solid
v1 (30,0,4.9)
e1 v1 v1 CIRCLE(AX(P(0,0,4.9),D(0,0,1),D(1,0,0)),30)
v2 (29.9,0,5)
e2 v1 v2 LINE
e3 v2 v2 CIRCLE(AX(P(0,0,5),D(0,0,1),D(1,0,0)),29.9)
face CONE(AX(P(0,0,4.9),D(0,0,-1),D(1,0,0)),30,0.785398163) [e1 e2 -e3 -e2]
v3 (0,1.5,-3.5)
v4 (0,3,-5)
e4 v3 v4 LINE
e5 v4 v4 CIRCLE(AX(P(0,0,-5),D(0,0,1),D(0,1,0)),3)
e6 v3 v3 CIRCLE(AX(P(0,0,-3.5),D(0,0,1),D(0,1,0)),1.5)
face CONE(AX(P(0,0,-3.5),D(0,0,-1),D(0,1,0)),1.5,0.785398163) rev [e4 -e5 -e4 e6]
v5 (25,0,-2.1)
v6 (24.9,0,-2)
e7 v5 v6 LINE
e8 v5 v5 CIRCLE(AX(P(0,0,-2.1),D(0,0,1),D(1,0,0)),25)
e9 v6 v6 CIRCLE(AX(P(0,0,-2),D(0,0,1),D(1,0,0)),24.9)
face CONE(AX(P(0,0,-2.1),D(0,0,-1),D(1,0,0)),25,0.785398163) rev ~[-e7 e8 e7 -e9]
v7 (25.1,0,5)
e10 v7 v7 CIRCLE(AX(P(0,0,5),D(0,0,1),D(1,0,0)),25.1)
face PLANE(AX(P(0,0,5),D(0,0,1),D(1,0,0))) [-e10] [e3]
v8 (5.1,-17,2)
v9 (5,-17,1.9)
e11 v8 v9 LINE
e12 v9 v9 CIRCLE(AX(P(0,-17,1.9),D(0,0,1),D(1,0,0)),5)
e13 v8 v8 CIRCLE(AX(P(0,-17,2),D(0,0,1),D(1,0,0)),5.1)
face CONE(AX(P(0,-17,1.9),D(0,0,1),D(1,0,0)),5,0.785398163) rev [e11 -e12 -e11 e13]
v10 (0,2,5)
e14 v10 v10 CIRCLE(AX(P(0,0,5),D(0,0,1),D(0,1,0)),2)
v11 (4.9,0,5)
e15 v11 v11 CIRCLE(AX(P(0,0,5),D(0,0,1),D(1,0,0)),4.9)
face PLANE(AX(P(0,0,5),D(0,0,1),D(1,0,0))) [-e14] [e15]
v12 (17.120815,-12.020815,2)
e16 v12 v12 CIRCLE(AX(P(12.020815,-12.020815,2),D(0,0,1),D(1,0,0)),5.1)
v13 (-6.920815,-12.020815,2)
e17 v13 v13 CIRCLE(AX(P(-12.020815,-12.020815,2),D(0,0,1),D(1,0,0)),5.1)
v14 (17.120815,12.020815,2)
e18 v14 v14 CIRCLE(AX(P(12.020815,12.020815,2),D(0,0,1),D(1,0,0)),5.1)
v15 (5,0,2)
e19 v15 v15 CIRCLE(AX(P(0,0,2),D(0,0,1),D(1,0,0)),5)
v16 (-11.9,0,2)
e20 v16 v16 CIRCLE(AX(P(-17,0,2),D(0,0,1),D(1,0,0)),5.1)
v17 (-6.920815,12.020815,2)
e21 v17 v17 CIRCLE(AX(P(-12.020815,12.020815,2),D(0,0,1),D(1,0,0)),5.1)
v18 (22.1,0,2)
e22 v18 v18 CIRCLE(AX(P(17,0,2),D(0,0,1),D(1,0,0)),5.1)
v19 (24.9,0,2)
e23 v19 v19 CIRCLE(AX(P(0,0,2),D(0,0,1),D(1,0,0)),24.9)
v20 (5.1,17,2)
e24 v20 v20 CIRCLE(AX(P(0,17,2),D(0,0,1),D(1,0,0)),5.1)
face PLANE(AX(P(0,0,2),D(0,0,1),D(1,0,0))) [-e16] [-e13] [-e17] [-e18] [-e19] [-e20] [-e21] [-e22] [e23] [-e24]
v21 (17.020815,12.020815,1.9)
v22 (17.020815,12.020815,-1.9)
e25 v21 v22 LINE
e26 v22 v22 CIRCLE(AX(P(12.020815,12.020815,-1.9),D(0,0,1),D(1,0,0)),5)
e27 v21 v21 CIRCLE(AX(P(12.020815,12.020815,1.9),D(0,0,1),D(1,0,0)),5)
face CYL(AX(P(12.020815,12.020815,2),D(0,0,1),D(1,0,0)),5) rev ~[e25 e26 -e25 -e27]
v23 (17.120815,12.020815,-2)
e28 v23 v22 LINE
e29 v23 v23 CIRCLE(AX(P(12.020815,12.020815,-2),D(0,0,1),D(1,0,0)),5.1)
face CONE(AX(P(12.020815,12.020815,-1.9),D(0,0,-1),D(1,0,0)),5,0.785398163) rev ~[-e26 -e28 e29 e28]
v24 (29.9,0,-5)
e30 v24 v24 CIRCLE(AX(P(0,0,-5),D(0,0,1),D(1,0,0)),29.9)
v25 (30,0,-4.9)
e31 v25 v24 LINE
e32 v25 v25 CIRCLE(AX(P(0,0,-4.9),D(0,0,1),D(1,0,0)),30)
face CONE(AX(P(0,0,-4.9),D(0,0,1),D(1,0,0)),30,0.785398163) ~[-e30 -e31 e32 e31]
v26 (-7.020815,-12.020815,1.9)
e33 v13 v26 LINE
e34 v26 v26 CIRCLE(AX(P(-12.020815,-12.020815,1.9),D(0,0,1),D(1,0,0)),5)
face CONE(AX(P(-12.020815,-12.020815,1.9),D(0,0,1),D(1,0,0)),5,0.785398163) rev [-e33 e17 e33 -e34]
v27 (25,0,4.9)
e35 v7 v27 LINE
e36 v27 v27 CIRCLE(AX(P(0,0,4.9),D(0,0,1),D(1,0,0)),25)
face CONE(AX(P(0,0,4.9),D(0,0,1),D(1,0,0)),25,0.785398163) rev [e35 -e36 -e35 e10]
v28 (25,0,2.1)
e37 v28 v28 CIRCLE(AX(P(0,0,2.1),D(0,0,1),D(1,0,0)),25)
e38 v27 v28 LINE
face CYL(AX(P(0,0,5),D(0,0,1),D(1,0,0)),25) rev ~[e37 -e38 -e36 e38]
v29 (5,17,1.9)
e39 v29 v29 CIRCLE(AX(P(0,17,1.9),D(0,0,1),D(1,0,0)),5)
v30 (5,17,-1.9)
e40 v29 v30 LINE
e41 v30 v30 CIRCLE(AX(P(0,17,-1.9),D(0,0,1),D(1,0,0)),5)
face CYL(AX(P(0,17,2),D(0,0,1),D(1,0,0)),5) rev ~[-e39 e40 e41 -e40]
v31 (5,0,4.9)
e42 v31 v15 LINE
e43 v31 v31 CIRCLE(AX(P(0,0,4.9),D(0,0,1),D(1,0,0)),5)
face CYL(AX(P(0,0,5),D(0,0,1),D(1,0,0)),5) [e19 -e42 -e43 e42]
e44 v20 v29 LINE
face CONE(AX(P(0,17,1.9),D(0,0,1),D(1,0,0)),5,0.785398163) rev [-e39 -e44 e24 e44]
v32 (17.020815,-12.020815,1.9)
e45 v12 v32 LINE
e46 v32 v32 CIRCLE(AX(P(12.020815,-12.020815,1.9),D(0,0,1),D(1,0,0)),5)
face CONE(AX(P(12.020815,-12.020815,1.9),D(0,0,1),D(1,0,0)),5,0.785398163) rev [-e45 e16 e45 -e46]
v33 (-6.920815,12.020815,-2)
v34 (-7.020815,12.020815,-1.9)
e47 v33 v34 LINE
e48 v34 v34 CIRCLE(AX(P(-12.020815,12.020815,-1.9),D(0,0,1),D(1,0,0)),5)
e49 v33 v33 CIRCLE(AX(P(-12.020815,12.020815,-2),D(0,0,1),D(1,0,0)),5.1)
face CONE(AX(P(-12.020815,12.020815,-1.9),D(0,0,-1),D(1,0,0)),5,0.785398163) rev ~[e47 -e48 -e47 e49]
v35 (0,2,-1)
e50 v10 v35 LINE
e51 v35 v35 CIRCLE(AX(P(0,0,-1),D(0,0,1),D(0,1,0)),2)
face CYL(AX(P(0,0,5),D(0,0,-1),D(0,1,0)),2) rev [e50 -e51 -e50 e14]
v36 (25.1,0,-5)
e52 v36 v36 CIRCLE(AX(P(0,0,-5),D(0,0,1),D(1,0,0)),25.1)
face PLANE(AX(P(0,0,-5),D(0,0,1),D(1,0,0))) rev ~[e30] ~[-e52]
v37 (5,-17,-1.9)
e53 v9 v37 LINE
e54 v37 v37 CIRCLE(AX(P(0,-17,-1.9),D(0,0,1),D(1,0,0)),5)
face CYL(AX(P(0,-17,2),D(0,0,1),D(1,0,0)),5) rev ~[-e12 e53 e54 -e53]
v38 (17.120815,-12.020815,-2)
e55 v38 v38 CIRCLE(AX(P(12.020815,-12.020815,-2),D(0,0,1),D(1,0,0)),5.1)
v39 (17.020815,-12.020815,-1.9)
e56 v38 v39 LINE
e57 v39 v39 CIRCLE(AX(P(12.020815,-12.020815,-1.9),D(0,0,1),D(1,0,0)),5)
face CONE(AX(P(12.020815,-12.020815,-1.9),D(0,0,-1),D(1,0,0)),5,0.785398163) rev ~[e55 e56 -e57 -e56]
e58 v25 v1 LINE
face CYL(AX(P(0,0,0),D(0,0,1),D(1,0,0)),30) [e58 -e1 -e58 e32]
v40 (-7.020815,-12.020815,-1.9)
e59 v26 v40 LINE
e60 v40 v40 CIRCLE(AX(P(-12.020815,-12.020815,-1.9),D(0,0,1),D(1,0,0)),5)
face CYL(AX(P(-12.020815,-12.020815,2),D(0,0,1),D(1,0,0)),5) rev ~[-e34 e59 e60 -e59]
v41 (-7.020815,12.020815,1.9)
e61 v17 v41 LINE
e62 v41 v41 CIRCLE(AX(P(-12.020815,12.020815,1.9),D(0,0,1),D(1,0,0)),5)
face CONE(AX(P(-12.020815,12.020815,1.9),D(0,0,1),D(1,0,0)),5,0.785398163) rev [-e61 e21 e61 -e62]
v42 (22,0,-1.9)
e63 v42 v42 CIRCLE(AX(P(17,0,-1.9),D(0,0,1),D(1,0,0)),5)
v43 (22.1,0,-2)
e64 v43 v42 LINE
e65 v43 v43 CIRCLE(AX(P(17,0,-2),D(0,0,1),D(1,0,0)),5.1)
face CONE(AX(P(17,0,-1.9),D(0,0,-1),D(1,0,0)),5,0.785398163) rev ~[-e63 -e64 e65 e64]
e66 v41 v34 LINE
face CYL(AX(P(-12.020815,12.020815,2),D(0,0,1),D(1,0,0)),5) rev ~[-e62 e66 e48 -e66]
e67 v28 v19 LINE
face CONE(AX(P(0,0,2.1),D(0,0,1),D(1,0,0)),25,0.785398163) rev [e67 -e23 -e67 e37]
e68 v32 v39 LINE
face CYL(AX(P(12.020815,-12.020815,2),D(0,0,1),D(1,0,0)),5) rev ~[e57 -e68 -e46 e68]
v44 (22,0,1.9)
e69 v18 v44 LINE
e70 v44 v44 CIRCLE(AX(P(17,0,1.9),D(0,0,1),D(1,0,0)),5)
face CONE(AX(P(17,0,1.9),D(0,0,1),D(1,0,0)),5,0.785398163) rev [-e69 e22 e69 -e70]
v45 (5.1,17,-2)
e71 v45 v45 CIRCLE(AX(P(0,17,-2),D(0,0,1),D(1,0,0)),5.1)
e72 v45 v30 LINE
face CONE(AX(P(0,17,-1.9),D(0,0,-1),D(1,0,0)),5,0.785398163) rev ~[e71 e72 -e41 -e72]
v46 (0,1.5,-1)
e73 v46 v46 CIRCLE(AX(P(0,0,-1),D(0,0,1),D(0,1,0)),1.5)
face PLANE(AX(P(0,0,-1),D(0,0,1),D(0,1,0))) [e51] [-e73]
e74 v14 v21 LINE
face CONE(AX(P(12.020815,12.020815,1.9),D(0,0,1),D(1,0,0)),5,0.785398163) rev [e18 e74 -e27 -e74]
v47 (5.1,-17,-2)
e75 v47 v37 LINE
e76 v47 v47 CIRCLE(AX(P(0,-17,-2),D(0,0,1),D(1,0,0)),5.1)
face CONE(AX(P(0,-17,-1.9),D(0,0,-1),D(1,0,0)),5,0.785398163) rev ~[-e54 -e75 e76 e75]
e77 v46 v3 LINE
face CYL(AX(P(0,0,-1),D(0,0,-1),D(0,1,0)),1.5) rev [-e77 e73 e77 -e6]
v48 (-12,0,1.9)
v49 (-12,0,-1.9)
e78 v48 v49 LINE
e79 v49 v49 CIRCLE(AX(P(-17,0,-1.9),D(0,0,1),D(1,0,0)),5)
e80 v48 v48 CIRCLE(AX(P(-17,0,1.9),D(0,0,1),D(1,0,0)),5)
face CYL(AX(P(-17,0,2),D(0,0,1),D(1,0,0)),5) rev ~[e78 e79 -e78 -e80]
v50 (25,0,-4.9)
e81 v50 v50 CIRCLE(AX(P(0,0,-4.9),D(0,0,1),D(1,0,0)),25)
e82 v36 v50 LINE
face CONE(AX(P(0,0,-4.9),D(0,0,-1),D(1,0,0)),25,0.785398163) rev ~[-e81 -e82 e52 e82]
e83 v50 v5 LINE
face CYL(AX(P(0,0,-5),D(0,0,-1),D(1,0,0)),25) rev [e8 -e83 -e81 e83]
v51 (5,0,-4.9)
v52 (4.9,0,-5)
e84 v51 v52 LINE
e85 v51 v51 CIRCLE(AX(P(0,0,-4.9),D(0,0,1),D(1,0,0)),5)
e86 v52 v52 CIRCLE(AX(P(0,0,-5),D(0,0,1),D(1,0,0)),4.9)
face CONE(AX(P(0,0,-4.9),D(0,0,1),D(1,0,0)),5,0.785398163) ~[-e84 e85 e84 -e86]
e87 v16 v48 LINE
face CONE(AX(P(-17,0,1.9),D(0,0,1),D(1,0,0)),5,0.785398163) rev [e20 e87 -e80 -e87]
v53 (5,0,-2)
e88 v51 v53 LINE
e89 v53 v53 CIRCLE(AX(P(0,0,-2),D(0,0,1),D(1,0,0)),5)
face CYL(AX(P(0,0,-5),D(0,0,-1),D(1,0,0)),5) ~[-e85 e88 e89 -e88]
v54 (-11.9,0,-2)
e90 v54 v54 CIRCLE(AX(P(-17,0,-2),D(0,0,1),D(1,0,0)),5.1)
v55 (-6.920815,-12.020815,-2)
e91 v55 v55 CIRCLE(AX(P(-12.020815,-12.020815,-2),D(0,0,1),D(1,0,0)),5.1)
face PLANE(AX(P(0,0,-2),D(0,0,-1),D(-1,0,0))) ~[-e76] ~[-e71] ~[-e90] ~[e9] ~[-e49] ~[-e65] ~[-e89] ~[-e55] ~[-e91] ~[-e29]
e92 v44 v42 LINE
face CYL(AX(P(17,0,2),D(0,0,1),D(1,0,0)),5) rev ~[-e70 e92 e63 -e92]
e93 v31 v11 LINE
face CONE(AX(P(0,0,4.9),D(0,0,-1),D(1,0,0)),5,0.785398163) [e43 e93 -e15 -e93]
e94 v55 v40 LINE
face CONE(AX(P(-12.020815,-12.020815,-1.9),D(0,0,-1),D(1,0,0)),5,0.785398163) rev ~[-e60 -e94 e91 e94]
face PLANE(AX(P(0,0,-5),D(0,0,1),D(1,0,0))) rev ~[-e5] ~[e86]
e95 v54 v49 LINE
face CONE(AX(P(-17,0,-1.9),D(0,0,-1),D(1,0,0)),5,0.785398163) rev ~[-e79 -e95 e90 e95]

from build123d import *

# Parameters (mm, degrees)
SKETCH2_R           = 30
BOSS_EXTRUDE2_DEPTH = 5
SKETCH3_R           = 25
SKETCH3_R_2         = 5
CUT_EXTRUDE1_DEPTH  = 3
SKETCH4_R           = 5
CUT_EXTRUDE2_DEPTH  = 44
CHAMFER1_SIZE       = 0.1


with BuildPart() as part:
    # Sketch2 → Boss-Extrude2 (new, symmetric)
    with BuildSketch(Plane.XY):
        Circle(SKETCH2_R)
    extrude(amount=BOSS_EXTRUDE2_DEPTH, both=True)

    # Sketch3 → Cut-Extrude1 (cut)
    with BuildSketch(Plane.XY.offset(5)):
        Circle(SKETCH3_R)
        Circle(SKETCH3_R_2, mode=Mode.SUBTRACT)
    cut_extrude1 = extrude(amount=-CUT_EXTRUDE1_DEPTH, mode=Mode.SUBTRACT)

    # Mirror1: Cut-Extrude1 across plane
    add(cut_extrude1.mirror(Plane.XY), mode=Mode.SUBTRACT)

    # Sketch4 → Cut-Extrude2 (cut, through all)
    with BuildSketch(Plane.XY.offset(2)):
        with Locations((0, 17)):
            Circle(SKETCH4_R)
        with Locations((12.02081528, 12.02081528)):
            Circle(SKETCH4_R)
        with Locations((17, 0)):
            Circle(SKETCH4_R)
        with Locations((12.02081528, -12.02081528)):
            Circle(SKETCH4_R)
        with Locations((0, -17)):
            Circle(SKETCH4_R)
        with Locations((-12.02081528, -12.02081528)):
            Circle(SKETCH4_R)
        with Locations((-17, 0)):
            Circle(SKETCH4_R)
        with Locations((-12.02081528, 12.02081528)):
            Circle(SKETCH4_R)
    extrude(amount=-CUT_EXTRUDE2_DEPTH, mode=Mode.SUBTRACT)

    # Chamfer1
    chamfer1_edges = [part.edges().sort_by_distance(p)[0] for p in [
        (-25, 0, -2),
        (-5, 0, -5),
        (-25, 0, -5),
        (-30, 0, -5),
        (-17.02081528, 12.02081528, -2),
        (-17.02081528, 12.02081528, 2),
        (-22, 0, -2),
        (-22, 0, 2),
        (-17.02081528, -12.02081528, -2),
        (-17.02081528, -12.02081528, 2),
        (-5, -17, -2),
        (-5, -17, 2),
        (7.02081528, -12.02081528, -2),
        (7.02081528, -12.02081528, 2),
        (12, 0, -2),
        (12, 0, 2),
        (7.02081528, 12.02081528, -2),
        (7.02081528, 12.02081528, 2),
        (-5, 17, -2),
        (-5, 17, 2),
        (-30, 0, 5),
        (-25, 0, 2),
        (-25, 0, 5),
        (-5, 0, 5),
    ]]
    chamfer(chamfer1_edges, length=CHAMFER1_SIZE)

    # Sketch8 → Cut-Revolve1 (revolve, cut)
    with BuildSketch(Plane(origin=(0, 0, 0), x_dir=(0, 0, -1), z_dir=(1, 0, 0))):
        Polygon((-5, 0), (-5, 2), (1, 2), (1, 1.5), (3.5, 1.5), (5, 3), (5, 0), align=None)
    revolve(axis=Axis((0, 0, -5), (0, 0, 1)), mode=Mode.SUBTRACT)


solid = part.part
